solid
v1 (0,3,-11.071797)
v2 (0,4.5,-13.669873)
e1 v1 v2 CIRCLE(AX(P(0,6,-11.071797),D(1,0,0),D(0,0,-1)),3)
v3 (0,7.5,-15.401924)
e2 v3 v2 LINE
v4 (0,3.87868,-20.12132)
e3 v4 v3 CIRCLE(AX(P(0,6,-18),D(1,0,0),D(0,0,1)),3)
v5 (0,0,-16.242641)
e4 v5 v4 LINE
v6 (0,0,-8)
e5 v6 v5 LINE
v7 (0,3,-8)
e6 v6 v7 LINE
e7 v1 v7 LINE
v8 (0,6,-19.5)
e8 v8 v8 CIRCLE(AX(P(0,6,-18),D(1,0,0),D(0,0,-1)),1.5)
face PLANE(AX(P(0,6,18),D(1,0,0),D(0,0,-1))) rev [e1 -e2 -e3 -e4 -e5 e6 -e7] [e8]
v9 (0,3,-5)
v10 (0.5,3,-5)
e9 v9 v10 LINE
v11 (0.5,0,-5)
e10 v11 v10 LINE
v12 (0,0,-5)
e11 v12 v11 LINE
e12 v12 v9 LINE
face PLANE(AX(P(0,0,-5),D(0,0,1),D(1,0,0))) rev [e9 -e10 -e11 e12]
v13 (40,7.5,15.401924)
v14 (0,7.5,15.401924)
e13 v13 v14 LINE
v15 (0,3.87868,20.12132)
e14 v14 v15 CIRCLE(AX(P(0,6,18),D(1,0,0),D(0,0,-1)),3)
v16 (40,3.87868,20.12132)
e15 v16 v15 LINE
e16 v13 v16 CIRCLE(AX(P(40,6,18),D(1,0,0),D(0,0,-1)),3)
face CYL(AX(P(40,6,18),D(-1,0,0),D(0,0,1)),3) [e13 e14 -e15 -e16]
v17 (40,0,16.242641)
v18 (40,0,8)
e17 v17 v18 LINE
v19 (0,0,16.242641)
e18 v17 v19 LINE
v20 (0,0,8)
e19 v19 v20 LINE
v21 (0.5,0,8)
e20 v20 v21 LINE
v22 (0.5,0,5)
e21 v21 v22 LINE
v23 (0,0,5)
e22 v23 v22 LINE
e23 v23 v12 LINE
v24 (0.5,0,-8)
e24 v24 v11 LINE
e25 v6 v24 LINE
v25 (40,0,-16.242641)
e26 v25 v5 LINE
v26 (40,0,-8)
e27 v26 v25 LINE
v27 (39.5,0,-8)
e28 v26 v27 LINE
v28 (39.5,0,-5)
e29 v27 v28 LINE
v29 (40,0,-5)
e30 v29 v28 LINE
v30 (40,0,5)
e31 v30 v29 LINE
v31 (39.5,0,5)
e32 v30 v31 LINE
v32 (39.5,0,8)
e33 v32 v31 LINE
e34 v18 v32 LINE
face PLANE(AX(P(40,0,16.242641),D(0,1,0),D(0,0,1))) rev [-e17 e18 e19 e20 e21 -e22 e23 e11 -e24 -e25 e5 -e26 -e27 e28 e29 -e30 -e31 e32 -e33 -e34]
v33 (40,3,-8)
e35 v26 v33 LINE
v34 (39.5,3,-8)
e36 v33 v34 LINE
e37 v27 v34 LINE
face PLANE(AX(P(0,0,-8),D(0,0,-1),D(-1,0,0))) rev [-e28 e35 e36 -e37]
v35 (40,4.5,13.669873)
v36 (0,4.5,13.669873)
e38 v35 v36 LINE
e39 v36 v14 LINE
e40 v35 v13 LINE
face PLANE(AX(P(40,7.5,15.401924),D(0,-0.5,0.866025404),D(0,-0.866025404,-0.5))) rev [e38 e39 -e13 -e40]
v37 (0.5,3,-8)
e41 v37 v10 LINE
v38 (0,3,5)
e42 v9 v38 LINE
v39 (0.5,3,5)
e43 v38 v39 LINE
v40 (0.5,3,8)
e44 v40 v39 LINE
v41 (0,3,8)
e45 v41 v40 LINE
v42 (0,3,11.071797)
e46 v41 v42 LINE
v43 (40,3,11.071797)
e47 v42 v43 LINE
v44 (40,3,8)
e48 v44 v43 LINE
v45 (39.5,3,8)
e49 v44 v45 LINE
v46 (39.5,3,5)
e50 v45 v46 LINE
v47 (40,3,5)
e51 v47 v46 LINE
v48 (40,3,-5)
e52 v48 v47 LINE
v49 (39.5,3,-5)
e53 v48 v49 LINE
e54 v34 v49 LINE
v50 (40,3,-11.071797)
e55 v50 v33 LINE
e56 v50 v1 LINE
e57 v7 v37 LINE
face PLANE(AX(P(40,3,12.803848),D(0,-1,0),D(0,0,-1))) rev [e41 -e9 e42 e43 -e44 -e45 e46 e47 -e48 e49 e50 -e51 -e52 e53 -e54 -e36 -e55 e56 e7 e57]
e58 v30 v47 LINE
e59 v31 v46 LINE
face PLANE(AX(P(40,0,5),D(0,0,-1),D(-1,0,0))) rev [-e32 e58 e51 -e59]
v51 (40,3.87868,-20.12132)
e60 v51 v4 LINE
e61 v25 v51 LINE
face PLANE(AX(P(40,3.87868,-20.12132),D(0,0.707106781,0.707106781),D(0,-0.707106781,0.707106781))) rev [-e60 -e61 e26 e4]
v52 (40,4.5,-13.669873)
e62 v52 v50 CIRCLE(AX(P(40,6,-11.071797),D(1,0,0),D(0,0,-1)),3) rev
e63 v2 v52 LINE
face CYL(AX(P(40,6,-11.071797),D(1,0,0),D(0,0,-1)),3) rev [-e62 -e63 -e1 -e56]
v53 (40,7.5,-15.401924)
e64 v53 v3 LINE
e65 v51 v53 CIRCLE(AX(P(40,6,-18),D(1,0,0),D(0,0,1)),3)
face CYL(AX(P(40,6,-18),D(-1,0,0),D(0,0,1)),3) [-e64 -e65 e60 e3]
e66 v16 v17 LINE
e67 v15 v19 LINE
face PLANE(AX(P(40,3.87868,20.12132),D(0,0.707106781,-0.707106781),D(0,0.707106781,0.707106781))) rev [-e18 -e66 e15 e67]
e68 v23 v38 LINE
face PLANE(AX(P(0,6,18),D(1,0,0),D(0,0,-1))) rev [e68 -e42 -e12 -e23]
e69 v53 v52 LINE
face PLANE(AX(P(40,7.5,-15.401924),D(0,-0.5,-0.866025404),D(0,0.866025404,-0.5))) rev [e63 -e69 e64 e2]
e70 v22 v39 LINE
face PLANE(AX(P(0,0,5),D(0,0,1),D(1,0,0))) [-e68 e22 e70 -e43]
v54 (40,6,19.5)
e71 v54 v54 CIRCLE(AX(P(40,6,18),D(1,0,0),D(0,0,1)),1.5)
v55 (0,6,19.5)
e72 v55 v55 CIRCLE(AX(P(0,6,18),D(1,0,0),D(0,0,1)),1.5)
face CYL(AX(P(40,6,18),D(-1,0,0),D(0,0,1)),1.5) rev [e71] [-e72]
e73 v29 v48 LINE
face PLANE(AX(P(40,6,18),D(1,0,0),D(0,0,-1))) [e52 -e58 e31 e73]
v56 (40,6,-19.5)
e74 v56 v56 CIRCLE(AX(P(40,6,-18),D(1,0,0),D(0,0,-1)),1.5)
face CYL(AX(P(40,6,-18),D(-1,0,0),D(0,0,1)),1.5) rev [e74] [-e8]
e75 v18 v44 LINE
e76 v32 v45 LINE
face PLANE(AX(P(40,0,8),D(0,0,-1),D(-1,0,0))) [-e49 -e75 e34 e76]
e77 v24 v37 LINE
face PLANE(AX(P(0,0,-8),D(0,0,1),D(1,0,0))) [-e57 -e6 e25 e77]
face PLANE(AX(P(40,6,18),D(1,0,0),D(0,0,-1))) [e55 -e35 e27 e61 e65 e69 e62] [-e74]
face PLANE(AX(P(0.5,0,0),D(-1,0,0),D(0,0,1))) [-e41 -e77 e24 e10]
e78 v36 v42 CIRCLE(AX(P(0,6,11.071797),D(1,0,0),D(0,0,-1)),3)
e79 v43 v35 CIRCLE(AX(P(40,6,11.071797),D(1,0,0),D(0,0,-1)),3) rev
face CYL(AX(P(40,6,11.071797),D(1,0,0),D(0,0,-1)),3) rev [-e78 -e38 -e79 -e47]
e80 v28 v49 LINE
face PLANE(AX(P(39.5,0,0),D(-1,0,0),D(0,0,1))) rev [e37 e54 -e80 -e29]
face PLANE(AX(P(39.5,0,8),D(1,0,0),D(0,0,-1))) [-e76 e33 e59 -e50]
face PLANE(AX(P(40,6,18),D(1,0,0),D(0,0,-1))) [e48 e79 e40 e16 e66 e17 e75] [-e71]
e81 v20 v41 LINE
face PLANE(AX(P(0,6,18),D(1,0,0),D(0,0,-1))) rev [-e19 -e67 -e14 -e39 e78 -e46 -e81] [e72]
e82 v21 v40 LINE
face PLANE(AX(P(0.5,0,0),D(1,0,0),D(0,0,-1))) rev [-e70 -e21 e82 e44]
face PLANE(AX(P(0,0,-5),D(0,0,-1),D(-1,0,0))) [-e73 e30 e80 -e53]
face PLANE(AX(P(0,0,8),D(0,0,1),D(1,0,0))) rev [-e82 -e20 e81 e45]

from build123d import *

# Parameters (mm, degrees)
SKETCH_1_R          = 1.5
EXTRUDE_1_DEPTH     = 40
FILLET_1_R          = 3
SKETCH_2_W          = 0.5
SKETCH_2_H          = 3
CUT_EXTRUDE_1_DEPTH = 46.57411546


with BuildPart() as part:
    # 스케치1 → 보스-돌출1 (new body)
    with BuildSketch(Plane(origin=(0, 0, 0), x_dir=(0, 0, -1), z_dir=(1, 0, 0))):
        with BuildLine():
            Line((-15.401923789, 7.5), (-12.803847577, 3))
            Line((-12.803847577, 3), (12.803847577, 3))
            Line((12.803847577, 3), (15.401923789, 7.5))
            ThreePointArc((15.401923789, 7.5), (19.826284287, 8.380060021), (20.121320344, 3.878679656))
            Line((20.121320344, 3.878679656), (16.242640687, 0))
            Line((16.242640687, 0), (0, 0))
            Line((0, 0), (-16.242640687, 0))
            Line((-16.242640687, 0), (-20.121320344, 3.878679656))
            ThreePointArc((-20.121320344, 3.878679656), (-19.826284287, 8.380060021), (-15.401923789, 7.5))
        make_face()
        with Locations((18, 6)):
            Circle(SKETCH_1_R, mode=Mode.SUBTRACT)
        with Locations(Location((-18, 6, 0), (0, 0, 180))):
            Circle(SKETCH_1_R, mode=Mode.SUBTRACT)
    extrude(amount=EXTRUDE_1_DEPTH)

    # 필렛1
    fillet_1_edges = [part.edges().sort_by_distance(p)[0] for p in [
        (20, 3, 12.803847577),
        (20, 3, -12.803847577),
    ]]
    fillet(fillet_1_edges, radius=FILLET_1_R)

    # 스케치2 → 컷-돌출1 (cut, through all)
    with BuildSketch(Plane(origin=(0, 3, 0), x_dir=(1, 0, 0), z_dir=(0, 1, 0))):
        with Locations((0.25, 6.5)):
            Rectangle(SKETCH_2_W, SKETCH_2_H)
        with Locations((0.25, -6.5)):
            Rectangle(SKETCH_2_W, SKETCH_2_H)
        with Locations((39.75, 6.5)):
            Rectangle(SKETCH_2_W, SKETCH_2_H)
        with Locations((39.75, -6.5)):
            Rectangle(SKETCH_2_W, SKETCH_2_H)
    extrude(amount=-CUT_EXTRUDE_1_DEPTH, mode=Mode.SUBTRACT)


solid = part.part
